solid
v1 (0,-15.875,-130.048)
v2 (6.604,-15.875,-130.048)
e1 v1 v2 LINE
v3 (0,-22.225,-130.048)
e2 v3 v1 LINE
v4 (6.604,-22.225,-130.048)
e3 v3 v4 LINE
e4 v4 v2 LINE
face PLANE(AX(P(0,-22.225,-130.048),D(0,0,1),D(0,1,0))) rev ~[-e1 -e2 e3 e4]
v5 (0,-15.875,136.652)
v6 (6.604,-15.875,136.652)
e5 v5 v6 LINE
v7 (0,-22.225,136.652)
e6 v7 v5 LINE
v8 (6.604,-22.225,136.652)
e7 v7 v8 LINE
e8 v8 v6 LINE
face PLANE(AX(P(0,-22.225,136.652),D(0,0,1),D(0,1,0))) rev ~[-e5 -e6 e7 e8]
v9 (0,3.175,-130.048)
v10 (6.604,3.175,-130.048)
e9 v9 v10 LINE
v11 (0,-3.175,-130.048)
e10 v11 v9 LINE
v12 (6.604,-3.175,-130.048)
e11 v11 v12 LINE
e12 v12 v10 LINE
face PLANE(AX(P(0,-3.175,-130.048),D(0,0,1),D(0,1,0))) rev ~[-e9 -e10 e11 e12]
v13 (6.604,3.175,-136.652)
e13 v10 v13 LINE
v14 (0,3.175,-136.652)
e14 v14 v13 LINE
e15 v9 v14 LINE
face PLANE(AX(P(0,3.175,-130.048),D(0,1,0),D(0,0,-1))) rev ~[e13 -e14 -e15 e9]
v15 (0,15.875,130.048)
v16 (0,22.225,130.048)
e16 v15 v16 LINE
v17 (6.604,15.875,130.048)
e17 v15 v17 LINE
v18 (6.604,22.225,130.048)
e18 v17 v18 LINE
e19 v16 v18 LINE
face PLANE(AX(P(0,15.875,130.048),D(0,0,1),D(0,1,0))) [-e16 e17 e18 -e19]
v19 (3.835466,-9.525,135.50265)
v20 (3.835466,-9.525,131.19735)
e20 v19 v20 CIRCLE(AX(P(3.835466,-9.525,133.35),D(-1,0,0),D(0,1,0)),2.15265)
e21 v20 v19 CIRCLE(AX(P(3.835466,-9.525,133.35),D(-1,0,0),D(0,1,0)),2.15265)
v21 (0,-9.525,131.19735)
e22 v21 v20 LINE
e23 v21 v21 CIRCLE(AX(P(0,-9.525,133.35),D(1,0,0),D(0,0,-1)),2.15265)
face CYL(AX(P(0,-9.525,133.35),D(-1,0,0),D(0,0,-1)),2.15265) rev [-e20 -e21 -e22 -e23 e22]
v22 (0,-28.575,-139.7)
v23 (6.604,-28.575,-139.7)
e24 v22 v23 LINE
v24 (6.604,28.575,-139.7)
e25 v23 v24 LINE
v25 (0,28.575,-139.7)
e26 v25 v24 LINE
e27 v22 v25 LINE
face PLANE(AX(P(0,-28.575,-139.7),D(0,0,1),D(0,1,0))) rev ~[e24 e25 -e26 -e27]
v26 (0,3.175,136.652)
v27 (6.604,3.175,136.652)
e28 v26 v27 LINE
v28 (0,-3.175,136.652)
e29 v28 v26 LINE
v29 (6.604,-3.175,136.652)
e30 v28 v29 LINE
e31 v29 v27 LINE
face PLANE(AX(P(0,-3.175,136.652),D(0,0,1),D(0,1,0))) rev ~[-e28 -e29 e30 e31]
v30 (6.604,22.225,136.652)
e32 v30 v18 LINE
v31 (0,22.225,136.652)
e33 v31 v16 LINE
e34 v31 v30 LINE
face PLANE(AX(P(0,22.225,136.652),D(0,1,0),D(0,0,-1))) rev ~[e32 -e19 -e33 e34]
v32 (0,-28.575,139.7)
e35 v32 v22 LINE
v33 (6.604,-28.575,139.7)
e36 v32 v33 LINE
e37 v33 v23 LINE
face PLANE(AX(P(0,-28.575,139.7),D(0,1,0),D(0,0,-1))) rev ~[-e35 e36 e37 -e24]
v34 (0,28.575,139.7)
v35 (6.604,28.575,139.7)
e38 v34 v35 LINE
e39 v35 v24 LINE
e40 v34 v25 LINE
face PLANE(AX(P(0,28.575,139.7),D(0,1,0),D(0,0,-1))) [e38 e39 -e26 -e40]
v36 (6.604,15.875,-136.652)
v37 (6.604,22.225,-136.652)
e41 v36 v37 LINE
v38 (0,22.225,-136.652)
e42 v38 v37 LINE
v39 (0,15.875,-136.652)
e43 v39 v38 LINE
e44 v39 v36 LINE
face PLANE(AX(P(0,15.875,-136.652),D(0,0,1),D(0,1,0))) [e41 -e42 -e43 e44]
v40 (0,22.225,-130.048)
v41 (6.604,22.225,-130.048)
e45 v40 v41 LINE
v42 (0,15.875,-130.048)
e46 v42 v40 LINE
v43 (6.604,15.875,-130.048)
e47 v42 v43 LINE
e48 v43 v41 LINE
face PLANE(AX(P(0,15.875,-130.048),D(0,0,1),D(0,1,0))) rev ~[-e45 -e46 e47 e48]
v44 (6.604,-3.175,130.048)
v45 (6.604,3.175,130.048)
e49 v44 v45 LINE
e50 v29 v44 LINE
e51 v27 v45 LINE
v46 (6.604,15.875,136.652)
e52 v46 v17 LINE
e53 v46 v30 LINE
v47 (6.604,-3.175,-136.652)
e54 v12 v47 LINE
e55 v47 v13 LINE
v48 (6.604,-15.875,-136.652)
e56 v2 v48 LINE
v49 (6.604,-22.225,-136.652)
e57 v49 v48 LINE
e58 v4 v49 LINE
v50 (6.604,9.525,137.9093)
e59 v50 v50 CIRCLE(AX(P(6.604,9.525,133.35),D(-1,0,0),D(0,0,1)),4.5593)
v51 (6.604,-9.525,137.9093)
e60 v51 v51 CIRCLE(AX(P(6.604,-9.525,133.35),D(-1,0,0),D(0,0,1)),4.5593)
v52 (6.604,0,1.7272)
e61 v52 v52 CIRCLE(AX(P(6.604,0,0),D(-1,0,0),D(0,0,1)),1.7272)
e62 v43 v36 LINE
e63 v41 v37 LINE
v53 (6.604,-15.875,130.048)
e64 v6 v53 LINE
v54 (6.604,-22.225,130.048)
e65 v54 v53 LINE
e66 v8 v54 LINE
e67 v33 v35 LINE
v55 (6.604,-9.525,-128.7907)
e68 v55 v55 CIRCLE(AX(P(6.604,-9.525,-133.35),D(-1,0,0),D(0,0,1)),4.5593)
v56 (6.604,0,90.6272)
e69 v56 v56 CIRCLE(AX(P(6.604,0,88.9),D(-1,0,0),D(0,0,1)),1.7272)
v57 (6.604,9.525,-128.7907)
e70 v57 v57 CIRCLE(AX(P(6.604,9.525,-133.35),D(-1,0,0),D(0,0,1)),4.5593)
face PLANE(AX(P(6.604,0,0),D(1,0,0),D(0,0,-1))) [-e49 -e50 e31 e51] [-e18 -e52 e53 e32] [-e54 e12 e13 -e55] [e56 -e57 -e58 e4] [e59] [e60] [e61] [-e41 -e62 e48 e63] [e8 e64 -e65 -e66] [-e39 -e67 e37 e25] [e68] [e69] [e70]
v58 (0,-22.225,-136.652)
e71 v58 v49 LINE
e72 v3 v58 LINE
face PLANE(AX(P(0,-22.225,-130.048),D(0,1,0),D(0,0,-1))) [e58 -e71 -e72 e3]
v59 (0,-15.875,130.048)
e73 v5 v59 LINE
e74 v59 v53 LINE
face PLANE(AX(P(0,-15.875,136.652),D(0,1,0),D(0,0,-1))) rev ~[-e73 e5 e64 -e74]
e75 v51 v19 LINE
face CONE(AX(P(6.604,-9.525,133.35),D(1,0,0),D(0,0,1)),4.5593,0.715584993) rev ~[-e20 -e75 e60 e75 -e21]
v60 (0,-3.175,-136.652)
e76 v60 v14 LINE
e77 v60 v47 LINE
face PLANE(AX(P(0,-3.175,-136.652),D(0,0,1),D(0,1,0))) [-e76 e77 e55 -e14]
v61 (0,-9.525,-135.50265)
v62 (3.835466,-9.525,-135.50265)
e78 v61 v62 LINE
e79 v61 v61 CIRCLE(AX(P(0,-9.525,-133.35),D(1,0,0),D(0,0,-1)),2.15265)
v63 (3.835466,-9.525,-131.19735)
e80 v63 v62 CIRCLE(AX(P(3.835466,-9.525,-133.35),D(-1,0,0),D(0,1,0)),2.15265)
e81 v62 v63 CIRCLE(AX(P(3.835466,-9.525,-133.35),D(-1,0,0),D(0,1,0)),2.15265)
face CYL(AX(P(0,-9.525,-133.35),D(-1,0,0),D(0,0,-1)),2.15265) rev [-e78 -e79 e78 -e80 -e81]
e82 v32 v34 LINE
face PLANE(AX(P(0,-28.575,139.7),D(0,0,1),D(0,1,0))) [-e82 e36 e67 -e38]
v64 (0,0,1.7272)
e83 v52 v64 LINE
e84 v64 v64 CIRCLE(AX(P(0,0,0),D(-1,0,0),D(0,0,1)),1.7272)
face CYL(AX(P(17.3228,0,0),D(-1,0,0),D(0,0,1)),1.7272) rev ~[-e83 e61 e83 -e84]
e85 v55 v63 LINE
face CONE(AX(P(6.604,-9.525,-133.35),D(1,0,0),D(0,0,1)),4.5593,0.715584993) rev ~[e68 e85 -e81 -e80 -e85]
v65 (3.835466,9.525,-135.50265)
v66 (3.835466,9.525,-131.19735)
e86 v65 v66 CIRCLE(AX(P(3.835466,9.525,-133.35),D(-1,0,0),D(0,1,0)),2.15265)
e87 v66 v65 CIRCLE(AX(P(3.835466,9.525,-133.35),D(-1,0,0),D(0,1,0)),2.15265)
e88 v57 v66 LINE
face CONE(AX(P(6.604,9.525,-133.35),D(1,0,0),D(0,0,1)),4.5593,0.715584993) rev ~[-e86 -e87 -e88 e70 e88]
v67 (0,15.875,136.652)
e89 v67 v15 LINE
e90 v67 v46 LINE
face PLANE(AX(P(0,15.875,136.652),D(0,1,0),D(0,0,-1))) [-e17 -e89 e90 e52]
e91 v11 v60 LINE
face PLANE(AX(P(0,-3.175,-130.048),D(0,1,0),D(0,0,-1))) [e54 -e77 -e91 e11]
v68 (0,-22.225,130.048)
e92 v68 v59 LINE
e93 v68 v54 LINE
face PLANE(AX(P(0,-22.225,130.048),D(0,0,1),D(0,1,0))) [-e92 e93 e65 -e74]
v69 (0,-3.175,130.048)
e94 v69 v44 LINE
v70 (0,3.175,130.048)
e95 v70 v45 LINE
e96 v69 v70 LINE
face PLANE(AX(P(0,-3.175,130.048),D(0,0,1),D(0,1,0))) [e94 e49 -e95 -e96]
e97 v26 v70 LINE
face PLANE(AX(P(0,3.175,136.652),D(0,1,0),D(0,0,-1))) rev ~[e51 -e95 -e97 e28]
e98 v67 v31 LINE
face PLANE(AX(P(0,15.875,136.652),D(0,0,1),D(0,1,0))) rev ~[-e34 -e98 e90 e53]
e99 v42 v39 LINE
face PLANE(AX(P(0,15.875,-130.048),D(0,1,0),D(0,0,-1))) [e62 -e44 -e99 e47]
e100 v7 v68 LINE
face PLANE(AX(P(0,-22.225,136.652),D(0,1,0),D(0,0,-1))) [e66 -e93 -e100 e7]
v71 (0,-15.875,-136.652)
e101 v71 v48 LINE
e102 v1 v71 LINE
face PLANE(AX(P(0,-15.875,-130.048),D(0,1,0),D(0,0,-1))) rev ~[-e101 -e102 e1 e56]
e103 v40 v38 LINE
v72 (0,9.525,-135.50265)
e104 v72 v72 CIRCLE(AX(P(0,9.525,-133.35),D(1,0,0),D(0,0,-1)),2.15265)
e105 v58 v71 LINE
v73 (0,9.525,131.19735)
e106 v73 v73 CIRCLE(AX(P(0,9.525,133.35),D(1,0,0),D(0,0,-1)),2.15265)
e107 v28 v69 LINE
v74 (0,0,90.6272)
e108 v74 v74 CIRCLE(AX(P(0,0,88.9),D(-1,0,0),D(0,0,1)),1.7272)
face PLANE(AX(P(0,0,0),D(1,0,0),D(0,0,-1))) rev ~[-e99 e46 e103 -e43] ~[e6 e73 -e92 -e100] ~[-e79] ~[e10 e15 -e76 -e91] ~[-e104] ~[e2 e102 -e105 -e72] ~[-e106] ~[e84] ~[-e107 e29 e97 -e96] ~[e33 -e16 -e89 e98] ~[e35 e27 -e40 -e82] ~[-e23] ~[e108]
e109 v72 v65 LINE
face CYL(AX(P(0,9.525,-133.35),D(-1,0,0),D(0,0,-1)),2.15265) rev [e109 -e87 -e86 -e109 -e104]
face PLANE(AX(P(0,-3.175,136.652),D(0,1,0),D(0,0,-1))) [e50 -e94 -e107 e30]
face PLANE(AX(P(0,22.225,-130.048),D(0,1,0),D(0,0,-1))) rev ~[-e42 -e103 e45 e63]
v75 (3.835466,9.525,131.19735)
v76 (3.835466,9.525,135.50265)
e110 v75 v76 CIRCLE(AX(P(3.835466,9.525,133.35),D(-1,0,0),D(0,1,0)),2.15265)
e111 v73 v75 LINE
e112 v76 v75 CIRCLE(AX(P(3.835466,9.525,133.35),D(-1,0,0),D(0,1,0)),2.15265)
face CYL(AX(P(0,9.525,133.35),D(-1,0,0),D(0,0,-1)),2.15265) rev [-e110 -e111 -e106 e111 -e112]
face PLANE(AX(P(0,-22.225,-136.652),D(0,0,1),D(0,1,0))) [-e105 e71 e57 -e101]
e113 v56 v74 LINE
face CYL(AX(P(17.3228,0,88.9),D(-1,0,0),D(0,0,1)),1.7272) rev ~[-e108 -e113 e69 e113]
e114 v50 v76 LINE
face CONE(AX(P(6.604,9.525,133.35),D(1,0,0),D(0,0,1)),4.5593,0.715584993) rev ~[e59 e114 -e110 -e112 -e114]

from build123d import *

# Parameters (mm, degrees)
SKETCH1_W                                         = 279.4
SKETCH1_H                                         = 57.15
SKETCH1_R                                         = 2.15265
SKETCH1_W_2                                       = 6.604
SKETCH1_H_2                                       = 6.35
BOSS_EXTRUDE1_DEPTH                               = 6.604
CSK_FOR_8_FLAT_HEAD_SOCKET_CAP_SCREW1_D           = 4.3053
CSK_FOR_8_FLAT_HEAD_SOCKET_CAP_SCREW1_CSINK_D     = 9.1186
CSK_FOR_8_FLAT_HEAD_SOCKET_CAP_SCREW1_CSINK_ANGLE = 82
F_8_32_TAPPED_HOLE1_D                             = 3.4544
F_8_32_TAPPED_HOLE1_DEPTH                         = 10.7188
F_8_32_TAPPED_HOLE1_TIP                           = 1.037806461


with BuildPart() as part:
    # Sketch1 → Boss-Extrude1 (new body)
    with BuildSketch(Plane(origin=(0, 0, 0), x_dir=(0, 0, -1), z_dir=(1, 0, 0))):
        Rectangle(SKETCH1_W, SKETCH1_H)
        with Locations((-133.35, 9.525)):
            Circle(SKETCH1_R, mode=Mode.SUBTRACT)
        with Locations((-133.35, -9.525)):
            Circle(SKETCH1_R, mode=Mode.SUBTRACT)
        with Locations((133.35, 9.525)):
            Circle(SKETCH1_R, mode=Mode.SUBTRACT)
        with Locations((133.35, -9.525)):
            Circle(SKETCH1_R, mode=Mode.SUBTRACT)
        with Locations((-133.35, 0)):
            Rectangle(SKETCH1_W_2, SKETCH1_H_2, mode=Mode.SUBTRACT)
        with Locations((-133.35, 19.05)):
            Rectangle(SKETCH1_W_2, SKETCH1_H_2, mode=Mode.SUBTRACT)
        with Locations((-133.35, -19.05)):
            Rectangle(SKETCH1_W_2, SKETCH1_H_2, mode=Mode.SUBTRACT)
        with Locations((133.35, 0)):
            Rectangle(SKETCH1_W_2, SKETCH1_H_2, mode=Mode.SUBTRACT)
        with Locations((133.35, 19.05)):
            Rectangle(SKETCH1_W_2, SKETCH1_H_2, mode=Mode.SUBTRACT)
        with Locations((133.35, -19.05)):
            Rectangle(SKETCH1_W_2, SKETCH1_H_2, mode=Mode.SUBTRACT)
    extrude(amount=BOSS_EXTRUDE1_DEPTH)

    # CSK for #8 Flat Head Socket Cap Screw1 (through all)
    with Locations(Plane(origin=(6.604, 0, 0), x_dir=(0, 0, -1), z_dir=(1, 0, 0))):
        with Locations((-133.35, 9.525), (-133.35, -9.525), (133.35, 9.525), (133.35, -9.525)):
            CounterSinkHole(CSK_FOR_8_FLAT_HEAD_SOCKET_CAP_SCREW1_D / 2, CSK_FOR_8_FLAT_HEAD_SOCKET_CAP_SCREW1_CSINK_D / 2, counter_sink_angle=CSK_FOR_8_FLAT_HEAD_SOCKET_CAP_SCREW1_CSINK_ANGLE)

    # #8-32 Tapped Hole1
    with Locations(Plane(origin=(6.604, 0, 0), x_dir=(0, 0, -1), z_dir=(1, 0, 0))):
        with Locations((-88.9, 0), (0, 0)):
            Hole(F_8_32_TAPPED_HOLE1_D / 2, depth=F_8_32_TAPPED_HOLE1_DEPTH)
            with Locations((0, 0, -(F_8_32_TAPPED_HOLE1_DEPTH + F_8_32_TAPPED_HOLE1_TIP / 2))):  # 118° drill point
                Cone(0, F_8_32_TAPPED_HOLE1_D / 2, F_8_32_TAPPED_HOLE1_TIP, mode=Mode.SUBTRACT)


solid = part.part
